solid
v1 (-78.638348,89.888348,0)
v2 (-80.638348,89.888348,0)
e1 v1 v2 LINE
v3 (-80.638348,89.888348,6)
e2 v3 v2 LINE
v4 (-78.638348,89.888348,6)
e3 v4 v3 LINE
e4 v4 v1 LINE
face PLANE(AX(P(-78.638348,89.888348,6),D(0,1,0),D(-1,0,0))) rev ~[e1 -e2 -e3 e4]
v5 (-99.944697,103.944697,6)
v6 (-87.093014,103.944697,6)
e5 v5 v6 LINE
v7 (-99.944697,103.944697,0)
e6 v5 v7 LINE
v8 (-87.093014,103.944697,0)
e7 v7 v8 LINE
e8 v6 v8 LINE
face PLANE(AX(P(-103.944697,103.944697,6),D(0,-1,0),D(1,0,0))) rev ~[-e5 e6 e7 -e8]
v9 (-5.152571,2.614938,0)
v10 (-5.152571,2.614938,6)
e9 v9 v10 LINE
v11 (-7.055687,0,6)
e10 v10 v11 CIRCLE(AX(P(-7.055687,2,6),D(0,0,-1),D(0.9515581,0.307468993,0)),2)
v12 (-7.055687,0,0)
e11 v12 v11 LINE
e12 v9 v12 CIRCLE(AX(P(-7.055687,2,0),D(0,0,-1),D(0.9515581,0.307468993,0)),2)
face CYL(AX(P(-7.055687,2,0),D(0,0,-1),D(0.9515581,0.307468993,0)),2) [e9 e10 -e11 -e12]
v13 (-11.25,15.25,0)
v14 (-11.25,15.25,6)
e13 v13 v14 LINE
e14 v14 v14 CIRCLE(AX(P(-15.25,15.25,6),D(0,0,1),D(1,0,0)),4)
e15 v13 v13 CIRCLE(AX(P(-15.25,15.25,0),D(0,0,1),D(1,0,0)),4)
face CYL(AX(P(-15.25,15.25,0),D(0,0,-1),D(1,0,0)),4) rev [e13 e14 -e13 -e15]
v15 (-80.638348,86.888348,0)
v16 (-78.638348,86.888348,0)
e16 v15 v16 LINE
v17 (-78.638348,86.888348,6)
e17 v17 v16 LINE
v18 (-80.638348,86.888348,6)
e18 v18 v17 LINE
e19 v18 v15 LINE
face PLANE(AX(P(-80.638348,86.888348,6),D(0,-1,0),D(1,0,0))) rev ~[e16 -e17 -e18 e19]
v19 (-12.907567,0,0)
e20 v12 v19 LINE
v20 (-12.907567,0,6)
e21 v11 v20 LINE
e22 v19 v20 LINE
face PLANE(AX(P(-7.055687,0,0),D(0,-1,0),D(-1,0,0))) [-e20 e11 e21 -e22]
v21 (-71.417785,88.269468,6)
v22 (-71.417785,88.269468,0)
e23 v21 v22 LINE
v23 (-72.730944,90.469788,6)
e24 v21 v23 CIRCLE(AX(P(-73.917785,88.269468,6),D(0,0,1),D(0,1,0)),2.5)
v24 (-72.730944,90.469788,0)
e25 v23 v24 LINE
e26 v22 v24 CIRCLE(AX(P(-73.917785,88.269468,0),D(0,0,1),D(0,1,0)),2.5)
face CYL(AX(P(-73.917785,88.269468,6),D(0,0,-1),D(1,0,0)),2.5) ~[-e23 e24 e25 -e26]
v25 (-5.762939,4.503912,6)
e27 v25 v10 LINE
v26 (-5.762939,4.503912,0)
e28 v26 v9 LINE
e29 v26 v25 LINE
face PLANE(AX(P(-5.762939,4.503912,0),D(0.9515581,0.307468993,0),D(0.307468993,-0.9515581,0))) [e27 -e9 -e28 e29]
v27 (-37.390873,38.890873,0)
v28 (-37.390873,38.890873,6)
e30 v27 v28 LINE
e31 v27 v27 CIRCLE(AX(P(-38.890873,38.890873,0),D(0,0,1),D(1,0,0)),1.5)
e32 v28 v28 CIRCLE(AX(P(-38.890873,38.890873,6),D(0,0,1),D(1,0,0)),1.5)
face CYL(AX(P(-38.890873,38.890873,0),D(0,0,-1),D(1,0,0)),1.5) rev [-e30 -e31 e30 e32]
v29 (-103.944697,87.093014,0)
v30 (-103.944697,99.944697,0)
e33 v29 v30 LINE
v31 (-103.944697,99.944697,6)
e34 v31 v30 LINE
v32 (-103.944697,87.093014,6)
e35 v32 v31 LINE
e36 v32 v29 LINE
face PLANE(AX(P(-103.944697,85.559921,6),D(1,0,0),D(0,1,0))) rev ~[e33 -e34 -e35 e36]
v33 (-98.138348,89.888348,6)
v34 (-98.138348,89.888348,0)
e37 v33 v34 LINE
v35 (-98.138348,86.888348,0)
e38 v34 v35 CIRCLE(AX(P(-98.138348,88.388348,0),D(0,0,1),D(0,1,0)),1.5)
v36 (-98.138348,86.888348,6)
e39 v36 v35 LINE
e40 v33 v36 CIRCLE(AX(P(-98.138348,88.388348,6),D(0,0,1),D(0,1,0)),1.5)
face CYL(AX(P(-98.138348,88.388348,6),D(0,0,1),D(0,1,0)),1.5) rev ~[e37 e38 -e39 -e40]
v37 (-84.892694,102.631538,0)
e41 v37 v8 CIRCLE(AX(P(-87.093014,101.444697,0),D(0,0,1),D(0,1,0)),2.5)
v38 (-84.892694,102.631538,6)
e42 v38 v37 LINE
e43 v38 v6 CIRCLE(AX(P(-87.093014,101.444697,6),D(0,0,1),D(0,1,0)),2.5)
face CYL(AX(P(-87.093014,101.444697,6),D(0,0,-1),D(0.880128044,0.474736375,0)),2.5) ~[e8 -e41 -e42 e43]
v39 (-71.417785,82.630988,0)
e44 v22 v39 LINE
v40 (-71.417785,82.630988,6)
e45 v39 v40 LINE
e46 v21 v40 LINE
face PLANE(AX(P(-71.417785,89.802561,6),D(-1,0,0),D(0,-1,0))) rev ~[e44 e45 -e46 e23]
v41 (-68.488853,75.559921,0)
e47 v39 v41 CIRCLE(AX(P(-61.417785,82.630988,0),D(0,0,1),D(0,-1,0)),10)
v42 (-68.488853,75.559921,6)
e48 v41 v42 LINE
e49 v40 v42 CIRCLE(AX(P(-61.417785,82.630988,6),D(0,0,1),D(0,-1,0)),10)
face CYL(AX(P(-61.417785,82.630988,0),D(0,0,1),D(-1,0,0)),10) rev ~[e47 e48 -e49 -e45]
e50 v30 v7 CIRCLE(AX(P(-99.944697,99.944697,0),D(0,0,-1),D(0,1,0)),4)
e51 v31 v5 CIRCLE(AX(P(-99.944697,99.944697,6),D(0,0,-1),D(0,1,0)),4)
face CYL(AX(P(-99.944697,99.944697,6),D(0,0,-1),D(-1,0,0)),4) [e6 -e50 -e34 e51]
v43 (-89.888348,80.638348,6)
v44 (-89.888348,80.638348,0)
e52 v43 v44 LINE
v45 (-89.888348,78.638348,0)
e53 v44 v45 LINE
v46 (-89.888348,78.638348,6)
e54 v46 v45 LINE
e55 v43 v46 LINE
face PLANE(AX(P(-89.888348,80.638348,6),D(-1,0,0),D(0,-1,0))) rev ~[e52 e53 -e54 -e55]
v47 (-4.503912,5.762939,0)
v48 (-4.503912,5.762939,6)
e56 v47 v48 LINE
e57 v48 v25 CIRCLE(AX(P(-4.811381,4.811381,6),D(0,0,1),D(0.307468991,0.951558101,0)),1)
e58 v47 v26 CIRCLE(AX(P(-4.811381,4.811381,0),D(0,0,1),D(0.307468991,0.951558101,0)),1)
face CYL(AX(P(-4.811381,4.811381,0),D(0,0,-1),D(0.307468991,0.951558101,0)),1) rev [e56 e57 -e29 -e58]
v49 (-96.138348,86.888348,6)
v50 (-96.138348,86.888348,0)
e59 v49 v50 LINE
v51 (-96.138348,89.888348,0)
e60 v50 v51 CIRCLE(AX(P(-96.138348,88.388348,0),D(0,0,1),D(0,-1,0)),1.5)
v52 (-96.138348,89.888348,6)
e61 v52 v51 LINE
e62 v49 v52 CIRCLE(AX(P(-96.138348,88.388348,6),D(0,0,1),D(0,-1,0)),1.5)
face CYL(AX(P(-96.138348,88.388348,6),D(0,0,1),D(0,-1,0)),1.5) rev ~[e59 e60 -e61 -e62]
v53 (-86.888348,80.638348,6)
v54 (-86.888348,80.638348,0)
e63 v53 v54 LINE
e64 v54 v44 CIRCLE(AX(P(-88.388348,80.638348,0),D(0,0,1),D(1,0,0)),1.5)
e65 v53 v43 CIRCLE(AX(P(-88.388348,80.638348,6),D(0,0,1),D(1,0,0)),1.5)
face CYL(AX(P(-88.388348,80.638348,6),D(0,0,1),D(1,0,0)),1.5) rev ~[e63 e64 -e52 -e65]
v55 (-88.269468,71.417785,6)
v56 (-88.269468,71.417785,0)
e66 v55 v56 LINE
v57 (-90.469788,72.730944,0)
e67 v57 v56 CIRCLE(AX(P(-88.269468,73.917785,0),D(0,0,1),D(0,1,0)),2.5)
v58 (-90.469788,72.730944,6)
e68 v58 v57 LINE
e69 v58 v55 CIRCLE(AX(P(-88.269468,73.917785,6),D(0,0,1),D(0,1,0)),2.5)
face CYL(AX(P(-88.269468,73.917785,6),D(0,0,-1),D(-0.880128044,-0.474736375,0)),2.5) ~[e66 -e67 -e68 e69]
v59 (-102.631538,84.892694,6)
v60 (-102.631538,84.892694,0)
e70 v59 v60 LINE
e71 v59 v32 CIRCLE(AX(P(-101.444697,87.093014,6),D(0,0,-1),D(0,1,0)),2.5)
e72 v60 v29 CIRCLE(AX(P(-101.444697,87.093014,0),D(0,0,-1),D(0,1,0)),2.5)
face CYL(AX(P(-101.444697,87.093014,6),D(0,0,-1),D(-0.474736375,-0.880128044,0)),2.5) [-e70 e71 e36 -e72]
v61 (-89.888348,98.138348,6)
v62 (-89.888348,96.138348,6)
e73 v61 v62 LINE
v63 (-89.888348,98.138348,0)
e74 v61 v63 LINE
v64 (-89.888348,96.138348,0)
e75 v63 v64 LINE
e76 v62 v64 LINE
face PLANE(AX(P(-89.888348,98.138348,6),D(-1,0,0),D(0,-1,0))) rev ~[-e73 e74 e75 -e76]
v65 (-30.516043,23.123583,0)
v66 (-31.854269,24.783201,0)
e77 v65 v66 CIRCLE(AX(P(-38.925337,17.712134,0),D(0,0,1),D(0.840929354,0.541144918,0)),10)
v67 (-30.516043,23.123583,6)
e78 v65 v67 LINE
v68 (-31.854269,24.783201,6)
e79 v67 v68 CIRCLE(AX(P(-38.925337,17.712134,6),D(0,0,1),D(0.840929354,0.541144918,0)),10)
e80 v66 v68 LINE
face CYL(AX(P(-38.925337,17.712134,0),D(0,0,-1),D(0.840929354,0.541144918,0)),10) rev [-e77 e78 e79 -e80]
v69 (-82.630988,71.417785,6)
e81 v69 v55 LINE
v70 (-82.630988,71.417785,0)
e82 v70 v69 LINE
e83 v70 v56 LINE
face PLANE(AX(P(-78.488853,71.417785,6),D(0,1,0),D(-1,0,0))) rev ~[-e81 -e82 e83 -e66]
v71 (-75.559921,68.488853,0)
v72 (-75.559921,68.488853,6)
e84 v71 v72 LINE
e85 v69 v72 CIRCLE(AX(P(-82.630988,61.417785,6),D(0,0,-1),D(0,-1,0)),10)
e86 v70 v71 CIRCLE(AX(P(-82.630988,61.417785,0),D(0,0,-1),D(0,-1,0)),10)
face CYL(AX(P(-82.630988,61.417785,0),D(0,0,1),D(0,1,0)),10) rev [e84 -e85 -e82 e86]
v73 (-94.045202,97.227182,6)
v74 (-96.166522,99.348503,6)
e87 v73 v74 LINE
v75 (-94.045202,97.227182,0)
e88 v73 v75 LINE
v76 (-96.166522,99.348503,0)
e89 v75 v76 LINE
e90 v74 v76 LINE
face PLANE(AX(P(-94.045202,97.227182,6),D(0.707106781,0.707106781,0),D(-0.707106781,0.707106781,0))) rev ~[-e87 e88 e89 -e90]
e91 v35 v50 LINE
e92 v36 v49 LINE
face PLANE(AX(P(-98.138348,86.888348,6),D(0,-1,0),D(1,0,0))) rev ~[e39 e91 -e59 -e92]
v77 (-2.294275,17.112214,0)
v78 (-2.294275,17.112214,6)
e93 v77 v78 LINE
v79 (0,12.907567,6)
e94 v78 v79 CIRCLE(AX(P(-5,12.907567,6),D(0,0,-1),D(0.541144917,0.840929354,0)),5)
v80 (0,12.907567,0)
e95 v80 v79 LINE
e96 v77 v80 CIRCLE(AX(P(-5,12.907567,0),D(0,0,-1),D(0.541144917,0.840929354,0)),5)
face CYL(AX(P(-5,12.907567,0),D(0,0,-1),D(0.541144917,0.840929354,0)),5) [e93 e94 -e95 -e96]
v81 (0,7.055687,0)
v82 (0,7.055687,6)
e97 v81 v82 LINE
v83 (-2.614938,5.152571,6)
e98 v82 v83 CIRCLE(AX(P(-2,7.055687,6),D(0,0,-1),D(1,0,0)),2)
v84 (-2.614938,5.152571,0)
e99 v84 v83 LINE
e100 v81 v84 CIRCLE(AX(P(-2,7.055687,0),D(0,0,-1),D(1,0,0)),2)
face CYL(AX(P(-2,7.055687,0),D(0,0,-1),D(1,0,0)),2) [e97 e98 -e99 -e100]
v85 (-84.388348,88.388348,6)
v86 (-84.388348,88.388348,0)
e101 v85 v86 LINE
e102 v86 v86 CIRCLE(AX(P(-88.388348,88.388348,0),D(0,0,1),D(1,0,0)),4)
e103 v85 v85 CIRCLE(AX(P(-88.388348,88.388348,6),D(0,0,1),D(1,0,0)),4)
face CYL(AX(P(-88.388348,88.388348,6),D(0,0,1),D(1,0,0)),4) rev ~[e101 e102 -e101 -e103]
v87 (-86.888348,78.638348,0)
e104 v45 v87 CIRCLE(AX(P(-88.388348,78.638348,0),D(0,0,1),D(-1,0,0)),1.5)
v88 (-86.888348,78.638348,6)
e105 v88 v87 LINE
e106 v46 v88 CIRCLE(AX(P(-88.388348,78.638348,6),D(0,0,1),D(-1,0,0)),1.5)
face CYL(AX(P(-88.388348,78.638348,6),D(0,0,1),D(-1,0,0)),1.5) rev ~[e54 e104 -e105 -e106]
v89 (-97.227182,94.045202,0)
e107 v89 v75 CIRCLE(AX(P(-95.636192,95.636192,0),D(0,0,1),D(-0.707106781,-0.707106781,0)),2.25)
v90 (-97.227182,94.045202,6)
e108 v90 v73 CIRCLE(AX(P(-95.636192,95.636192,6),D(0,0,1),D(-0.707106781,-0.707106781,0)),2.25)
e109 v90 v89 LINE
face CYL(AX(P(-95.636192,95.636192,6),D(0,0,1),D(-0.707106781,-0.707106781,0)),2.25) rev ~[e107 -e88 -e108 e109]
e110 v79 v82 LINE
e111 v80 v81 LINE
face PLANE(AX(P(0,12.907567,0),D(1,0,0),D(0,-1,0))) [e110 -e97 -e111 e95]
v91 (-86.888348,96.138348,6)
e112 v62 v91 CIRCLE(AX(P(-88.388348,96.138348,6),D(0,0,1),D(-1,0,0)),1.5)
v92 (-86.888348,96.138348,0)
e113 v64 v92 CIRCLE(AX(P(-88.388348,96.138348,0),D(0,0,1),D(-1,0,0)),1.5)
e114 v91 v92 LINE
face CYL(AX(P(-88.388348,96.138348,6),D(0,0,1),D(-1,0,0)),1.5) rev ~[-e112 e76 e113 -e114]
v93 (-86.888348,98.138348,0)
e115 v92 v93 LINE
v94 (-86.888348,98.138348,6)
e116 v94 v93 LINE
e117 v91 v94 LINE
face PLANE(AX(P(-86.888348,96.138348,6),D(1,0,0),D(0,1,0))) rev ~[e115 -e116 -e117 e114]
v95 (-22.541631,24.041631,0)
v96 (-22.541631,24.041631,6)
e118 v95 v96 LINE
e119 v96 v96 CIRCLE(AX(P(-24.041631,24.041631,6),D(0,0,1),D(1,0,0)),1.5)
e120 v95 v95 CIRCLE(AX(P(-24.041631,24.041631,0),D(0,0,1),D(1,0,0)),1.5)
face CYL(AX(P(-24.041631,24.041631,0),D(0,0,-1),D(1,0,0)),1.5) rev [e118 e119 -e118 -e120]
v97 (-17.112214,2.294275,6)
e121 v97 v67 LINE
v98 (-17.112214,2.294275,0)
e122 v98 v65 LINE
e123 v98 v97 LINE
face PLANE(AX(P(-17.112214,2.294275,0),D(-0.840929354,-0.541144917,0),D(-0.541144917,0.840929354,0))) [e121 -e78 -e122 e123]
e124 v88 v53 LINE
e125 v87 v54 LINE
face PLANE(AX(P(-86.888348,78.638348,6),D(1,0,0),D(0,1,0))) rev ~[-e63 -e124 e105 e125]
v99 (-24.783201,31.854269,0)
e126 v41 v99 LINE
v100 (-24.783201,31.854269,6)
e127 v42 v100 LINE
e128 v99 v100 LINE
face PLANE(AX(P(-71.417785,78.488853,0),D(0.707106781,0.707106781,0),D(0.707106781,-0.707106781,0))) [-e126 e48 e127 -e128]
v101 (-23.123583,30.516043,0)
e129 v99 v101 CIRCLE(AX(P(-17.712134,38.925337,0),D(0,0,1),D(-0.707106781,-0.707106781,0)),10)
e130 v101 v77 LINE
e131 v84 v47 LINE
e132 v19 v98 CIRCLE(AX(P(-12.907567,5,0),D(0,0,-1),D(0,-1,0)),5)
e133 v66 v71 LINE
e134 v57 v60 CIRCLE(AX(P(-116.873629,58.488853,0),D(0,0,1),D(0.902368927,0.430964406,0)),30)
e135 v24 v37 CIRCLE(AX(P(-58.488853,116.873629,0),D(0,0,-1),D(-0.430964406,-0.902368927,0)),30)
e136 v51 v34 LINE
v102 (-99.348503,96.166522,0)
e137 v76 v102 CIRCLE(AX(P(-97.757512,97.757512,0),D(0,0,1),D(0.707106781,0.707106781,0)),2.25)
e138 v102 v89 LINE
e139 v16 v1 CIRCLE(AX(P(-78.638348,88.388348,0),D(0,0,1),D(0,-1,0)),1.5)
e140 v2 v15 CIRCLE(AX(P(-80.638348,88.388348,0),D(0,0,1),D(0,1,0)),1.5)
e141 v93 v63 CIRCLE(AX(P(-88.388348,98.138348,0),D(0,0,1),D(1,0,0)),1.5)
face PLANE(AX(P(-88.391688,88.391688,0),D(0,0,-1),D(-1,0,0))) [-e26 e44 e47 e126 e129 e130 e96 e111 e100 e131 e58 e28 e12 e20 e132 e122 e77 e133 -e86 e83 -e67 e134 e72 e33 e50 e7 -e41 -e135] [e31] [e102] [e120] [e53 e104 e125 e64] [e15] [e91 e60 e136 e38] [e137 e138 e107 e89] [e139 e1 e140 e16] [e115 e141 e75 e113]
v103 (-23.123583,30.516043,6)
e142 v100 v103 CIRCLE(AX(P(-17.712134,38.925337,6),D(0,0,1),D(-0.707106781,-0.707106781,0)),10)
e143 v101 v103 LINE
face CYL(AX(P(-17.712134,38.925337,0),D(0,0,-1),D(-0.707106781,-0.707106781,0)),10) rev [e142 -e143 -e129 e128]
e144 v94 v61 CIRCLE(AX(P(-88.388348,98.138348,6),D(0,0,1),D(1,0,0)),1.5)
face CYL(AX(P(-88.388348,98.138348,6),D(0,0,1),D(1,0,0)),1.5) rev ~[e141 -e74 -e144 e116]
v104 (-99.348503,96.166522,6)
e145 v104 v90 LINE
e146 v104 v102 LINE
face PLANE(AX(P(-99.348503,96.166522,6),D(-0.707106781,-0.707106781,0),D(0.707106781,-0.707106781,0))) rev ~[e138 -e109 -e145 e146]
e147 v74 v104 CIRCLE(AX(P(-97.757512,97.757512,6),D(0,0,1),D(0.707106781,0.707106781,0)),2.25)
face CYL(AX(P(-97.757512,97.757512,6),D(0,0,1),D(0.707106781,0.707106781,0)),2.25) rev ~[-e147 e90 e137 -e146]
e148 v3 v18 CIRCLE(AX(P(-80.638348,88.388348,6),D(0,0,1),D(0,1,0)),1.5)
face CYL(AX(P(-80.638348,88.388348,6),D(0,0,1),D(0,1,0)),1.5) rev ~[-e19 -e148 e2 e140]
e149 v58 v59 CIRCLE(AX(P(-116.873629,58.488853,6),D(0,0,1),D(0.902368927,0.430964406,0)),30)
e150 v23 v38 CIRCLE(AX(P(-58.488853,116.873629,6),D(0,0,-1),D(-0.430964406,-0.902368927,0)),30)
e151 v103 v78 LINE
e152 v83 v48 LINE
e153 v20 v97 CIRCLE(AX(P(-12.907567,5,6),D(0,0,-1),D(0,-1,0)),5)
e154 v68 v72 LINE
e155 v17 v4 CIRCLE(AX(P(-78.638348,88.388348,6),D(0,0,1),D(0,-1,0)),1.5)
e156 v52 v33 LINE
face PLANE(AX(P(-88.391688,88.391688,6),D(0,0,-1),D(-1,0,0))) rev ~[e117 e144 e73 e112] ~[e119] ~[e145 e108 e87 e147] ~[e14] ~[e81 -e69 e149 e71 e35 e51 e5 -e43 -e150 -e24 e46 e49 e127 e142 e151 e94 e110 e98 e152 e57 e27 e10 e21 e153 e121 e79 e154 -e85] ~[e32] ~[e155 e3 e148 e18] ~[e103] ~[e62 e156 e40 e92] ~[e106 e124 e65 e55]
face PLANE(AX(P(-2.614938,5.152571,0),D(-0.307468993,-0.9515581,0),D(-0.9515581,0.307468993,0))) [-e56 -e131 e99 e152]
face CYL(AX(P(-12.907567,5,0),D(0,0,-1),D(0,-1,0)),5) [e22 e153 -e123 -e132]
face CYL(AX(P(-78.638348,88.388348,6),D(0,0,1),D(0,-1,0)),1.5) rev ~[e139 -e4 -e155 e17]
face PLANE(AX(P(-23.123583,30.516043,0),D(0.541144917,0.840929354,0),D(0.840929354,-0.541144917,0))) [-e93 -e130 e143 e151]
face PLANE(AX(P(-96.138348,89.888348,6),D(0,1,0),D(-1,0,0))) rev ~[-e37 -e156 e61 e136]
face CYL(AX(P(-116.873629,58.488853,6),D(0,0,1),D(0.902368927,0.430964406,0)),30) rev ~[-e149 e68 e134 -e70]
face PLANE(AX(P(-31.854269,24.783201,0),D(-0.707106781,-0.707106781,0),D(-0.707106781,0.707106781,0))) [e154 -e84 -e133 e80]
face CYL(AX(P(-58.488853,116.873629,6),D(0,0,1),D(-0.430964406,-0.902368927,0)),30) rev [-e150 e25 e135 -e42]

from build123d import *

# Parameters (mm, degrees)
CROQUIS1_R              = 1.5
CROQUIS1_R_2            = 4
SALIENTE_EXTRUIR1_DEPTH = 6
CROQUIS4_R              = 4
SALIENTE_EXTRUIR3_DEPTH = 6
CORTAR_EXTRUIR1_DEPTH   = 6
REDONDEO3_R             = 4
CORTAR_EXTRUIR2_DEPTH   = 6
REDONDEO4_R             = 2.5
REDONDEO6_R             = 10


with BuildPart() as part:
    # Croquis1 → Saliente-Extruir1 (new body)
    with BuildSketch(Plane.XY):
        with BuildLine():
            Line((-17.112213819, 2.294275414), (-30.516043414, 23.123582692))
            ThreePointArc((-30.516043414, 23.123582692), (-31.14080226, 23.989156666), (-31.854269143, 24.783201331))
            Line((-31.854269143, 24.783201331), (-45.961940777, 38.890872965))
            Line((-45.961940777, 38.890872965), (-78.488852712, 71.4177849))
            Line((-78.488852712, 71.4177849), (-71.4177849, 78.488852712))
            Line((-71.4177849, 78.488852712), (-38.890872965, 45.961940777))
            Line((-38.890872965, 45.961940777), (-24.783201331, 31.854269143))
            ThreePointArc((-24.783201331, 31.854269143), (-23.989156666, 31.14080226), (-23.123582692, 30.516043414))
            Line((-23.123582692, 30.516043414), (-2.294275414, 17.112213819))
            ThreePointArc((-2.294275414, 17.112213819), (-0.610887166, 15.302496804), (0, 12.907567049))
            Line((0, 12.907567049), (0, 7.055686841))
            ThreePointArc((0, 7.055686841), (-0.823113423, 5.438609853), (-2.614937985, 5.15257064))
            Line((-2.614937985, 5.15257064), (-4.503911831, 5.762938925))
            ThreePointArc((-4.503911831, 5.762938925), (-5.518487605, 5.518487605), (-5.762938925, 4.503911831))
            Line((-5.762938925, 4.503911831), (-5.15257064, 2.614937985))
            ThreePointArc((-5.15257064, 2.614937985), (-5.438609853, 0.823113423), (-7.055686841, 0))
            Line((-7.055686841, 0), (-12.907567049, 0))
            ThreePointArc((-12.907567049, 0), (-15.302496804, 0.610887166), (-17.112213819, 2.294275414))
        make_face()
        with Locations((-38.890872965, 38.890872965)):
            Circle(CROQUIS1_R, mode=Mode.SUBTRACT)
        with Locations((-24.04163056, 24.04163056)):
            Circle(CROQUIS1_R, mode=Mode.SUBTRACT)
        with Locations((-15.25, 15.25)):
            Circle(CROQUIS1_R_2, mode=Mode.SUBTRACT)
    extrude(amount=SALIENTE_EXTRUIR1_DEPTH)

    # Croquis4 → Saliente-Extruir3 (add)
    with BuildSketch(Plane.XY.offset(6)):
        Polygon((-78.488852712, 71.4177849), (-89.802561211, 71.4177849), (-103.944696834, 85.559920524), (-103.944696834, 103.944696834), (-85.559920524, 103.944696834), (-71.4177849, 89.802561211), (-71.4177849, 78.488852712), align=None)
        with Locations((-88.388347648, 88.388347648)):
            Circle(CROQUIS4_R, mode=Mode.SUBTRACT)
    extrude(amount=-SALIENTE_EXTRUIR3_DEPTH)

    # Croquis5 → Cortar-Extruir1 (cut)
    with BuildSketch(Plane.XY.offset(6)):
        with BuildLine():
            Line((-99.348502757, 96.166522241), (-97.227182413, 94.045201898))
            ThreePointArc((-97.227182413, 94.045201898), (-94.045201898, 94.045201898), (-94.045201898, 97.227182413))
            Line((-94.045201898, 97.227182413), (-96.166522241, 99.348502757))
            ThreePointArc((-96.166522241, 99.348502757), (-99.348502757, 99.348502757), (-99.348502757, 96.166522241))
        make_face()
        with BuildLine():
            Line((-89.888347648, 80.638347648), (-89.888347648, 78.638347648))
            ThreePointArc((-89.888347648, 78.638347648), (-88.388347648, 77.138347648), (-86.888347648, 78.638347648))
            Line((-86.888347648, 78.638347648), (-86.888347648, 80.638347648))
            ThreePointArc((-86.888347648, 80.638347648), (-88.388347648, 82.138347648), (-89.888347648, 80.638347648))
        make_face()
        with BuildLine():
            Line((-80.638347648, 86.888347648), (-78.638347648, 86.888347648))
            ThreePointArc((-78.638347648, 86.888347648), (-77.138347648, 88.388347648), (-78.638347648, 89.888347648))
            Line((-78.638347648, 89.888347648), (-80.638347648, 89.888347648))
            ThreePointArc((-80.638347648, 89.888347648), (-82.138347648, 88.388347648), (-80.638347648, 86.888347648))
        make_face()
        with BuildLine():
            Line((-96.138347648, 89.888347648), (-98.138347648, 89.888347648))
            ThreePointArc((-98.138347648, 89.888347648), (-99.638347648, 88.388347648), (-98.138347648, 86.888347648))
            Line((-98.138347648, 86.888347648), (-96.138347648, 86.888347648))
            ThreePointArc((-96.138347648, 86.888347648), (-94.638347648, 88.388347648), (-96.138347648, 89.888347648))
        make_face()
        with BuildLine():
            Line((-86.888347648, 96.138347648), (-86.888347648, 98.138347648))
            ThreePointArc((-86.888347648, 98.138347648), (-88.388347648, 99.638347648), (-89.888347648, 98.138347648))
            Line((-89.888347648, 98.138347648), (-89.888347648, 96.138347648))
            ThreePointArc((-89.888347648, 96.138347648), (-88.388347648, 94.638347648), (-86.888347648, 96.138347648))
        make_face()
    extrude(amount=-CORTAR_EXTRUIR1_DEPTH, mode=Mode.SUBTRACT)

    # Redondeo3
    redondeo3_edges = [part.edges().sort_by_distance(p)[0] for p in [
        (-103.944696834, 103.944696834, 3),
    ]]
    fillet(redondeo3_edges, radius=REDONDEO3_R)

    # Croquis7 → Cortar-Extruir2 (cut)
    with BuildSketch(Plane.XY.offset(6)):
        with BuildLine():
            Line((-103.944696834, 85.559920524), (-89.802561211, 71.4177849))
            ThreePointArc((-89.802561211, 71.4177849), (-95.660425587, 79.702056147), (-103.944696834, 85.559920524))
        make_face()
        with BuildLine():
            Line((-85.559920524, 103.944696834), (-71.4177849, 89.802561211))
            ThreePointArc((-71.4177849, 89.802561211), (-79.702056147, 95.660425587), (-85.559920524, 103.944696834))
        make_face()
    extrude(amount=-CORTAR_EXTRUIR2_DEPTH, mode=Mode.SUBTRACT)

    # Redondeo4
    redondeo4_edges = [part.edges().sort_by_distance(p)[0] for p in [
        (-89.802561211, 71.4177849, 3),
        (-103.944696834, 85.559920524, 3),
        (-85.559920524, 103.944696834, 3),
        (-71.4177849, 89.802561211, 3),
    ]]
    fillet(redondeo4_edges, radius=REDONDEO4_R)

    # Redondeo6
    redondeo6_edges = [part.edges().sort_by_distance(p)[0] for p in [
        (-78.488852712, 71.4177849, 3),
        (-71.4177849, 78.488852712, 3),
    ]]
    fillet(redondeo6_edges, radius=REDONDEO6_R)


solid = part.part
